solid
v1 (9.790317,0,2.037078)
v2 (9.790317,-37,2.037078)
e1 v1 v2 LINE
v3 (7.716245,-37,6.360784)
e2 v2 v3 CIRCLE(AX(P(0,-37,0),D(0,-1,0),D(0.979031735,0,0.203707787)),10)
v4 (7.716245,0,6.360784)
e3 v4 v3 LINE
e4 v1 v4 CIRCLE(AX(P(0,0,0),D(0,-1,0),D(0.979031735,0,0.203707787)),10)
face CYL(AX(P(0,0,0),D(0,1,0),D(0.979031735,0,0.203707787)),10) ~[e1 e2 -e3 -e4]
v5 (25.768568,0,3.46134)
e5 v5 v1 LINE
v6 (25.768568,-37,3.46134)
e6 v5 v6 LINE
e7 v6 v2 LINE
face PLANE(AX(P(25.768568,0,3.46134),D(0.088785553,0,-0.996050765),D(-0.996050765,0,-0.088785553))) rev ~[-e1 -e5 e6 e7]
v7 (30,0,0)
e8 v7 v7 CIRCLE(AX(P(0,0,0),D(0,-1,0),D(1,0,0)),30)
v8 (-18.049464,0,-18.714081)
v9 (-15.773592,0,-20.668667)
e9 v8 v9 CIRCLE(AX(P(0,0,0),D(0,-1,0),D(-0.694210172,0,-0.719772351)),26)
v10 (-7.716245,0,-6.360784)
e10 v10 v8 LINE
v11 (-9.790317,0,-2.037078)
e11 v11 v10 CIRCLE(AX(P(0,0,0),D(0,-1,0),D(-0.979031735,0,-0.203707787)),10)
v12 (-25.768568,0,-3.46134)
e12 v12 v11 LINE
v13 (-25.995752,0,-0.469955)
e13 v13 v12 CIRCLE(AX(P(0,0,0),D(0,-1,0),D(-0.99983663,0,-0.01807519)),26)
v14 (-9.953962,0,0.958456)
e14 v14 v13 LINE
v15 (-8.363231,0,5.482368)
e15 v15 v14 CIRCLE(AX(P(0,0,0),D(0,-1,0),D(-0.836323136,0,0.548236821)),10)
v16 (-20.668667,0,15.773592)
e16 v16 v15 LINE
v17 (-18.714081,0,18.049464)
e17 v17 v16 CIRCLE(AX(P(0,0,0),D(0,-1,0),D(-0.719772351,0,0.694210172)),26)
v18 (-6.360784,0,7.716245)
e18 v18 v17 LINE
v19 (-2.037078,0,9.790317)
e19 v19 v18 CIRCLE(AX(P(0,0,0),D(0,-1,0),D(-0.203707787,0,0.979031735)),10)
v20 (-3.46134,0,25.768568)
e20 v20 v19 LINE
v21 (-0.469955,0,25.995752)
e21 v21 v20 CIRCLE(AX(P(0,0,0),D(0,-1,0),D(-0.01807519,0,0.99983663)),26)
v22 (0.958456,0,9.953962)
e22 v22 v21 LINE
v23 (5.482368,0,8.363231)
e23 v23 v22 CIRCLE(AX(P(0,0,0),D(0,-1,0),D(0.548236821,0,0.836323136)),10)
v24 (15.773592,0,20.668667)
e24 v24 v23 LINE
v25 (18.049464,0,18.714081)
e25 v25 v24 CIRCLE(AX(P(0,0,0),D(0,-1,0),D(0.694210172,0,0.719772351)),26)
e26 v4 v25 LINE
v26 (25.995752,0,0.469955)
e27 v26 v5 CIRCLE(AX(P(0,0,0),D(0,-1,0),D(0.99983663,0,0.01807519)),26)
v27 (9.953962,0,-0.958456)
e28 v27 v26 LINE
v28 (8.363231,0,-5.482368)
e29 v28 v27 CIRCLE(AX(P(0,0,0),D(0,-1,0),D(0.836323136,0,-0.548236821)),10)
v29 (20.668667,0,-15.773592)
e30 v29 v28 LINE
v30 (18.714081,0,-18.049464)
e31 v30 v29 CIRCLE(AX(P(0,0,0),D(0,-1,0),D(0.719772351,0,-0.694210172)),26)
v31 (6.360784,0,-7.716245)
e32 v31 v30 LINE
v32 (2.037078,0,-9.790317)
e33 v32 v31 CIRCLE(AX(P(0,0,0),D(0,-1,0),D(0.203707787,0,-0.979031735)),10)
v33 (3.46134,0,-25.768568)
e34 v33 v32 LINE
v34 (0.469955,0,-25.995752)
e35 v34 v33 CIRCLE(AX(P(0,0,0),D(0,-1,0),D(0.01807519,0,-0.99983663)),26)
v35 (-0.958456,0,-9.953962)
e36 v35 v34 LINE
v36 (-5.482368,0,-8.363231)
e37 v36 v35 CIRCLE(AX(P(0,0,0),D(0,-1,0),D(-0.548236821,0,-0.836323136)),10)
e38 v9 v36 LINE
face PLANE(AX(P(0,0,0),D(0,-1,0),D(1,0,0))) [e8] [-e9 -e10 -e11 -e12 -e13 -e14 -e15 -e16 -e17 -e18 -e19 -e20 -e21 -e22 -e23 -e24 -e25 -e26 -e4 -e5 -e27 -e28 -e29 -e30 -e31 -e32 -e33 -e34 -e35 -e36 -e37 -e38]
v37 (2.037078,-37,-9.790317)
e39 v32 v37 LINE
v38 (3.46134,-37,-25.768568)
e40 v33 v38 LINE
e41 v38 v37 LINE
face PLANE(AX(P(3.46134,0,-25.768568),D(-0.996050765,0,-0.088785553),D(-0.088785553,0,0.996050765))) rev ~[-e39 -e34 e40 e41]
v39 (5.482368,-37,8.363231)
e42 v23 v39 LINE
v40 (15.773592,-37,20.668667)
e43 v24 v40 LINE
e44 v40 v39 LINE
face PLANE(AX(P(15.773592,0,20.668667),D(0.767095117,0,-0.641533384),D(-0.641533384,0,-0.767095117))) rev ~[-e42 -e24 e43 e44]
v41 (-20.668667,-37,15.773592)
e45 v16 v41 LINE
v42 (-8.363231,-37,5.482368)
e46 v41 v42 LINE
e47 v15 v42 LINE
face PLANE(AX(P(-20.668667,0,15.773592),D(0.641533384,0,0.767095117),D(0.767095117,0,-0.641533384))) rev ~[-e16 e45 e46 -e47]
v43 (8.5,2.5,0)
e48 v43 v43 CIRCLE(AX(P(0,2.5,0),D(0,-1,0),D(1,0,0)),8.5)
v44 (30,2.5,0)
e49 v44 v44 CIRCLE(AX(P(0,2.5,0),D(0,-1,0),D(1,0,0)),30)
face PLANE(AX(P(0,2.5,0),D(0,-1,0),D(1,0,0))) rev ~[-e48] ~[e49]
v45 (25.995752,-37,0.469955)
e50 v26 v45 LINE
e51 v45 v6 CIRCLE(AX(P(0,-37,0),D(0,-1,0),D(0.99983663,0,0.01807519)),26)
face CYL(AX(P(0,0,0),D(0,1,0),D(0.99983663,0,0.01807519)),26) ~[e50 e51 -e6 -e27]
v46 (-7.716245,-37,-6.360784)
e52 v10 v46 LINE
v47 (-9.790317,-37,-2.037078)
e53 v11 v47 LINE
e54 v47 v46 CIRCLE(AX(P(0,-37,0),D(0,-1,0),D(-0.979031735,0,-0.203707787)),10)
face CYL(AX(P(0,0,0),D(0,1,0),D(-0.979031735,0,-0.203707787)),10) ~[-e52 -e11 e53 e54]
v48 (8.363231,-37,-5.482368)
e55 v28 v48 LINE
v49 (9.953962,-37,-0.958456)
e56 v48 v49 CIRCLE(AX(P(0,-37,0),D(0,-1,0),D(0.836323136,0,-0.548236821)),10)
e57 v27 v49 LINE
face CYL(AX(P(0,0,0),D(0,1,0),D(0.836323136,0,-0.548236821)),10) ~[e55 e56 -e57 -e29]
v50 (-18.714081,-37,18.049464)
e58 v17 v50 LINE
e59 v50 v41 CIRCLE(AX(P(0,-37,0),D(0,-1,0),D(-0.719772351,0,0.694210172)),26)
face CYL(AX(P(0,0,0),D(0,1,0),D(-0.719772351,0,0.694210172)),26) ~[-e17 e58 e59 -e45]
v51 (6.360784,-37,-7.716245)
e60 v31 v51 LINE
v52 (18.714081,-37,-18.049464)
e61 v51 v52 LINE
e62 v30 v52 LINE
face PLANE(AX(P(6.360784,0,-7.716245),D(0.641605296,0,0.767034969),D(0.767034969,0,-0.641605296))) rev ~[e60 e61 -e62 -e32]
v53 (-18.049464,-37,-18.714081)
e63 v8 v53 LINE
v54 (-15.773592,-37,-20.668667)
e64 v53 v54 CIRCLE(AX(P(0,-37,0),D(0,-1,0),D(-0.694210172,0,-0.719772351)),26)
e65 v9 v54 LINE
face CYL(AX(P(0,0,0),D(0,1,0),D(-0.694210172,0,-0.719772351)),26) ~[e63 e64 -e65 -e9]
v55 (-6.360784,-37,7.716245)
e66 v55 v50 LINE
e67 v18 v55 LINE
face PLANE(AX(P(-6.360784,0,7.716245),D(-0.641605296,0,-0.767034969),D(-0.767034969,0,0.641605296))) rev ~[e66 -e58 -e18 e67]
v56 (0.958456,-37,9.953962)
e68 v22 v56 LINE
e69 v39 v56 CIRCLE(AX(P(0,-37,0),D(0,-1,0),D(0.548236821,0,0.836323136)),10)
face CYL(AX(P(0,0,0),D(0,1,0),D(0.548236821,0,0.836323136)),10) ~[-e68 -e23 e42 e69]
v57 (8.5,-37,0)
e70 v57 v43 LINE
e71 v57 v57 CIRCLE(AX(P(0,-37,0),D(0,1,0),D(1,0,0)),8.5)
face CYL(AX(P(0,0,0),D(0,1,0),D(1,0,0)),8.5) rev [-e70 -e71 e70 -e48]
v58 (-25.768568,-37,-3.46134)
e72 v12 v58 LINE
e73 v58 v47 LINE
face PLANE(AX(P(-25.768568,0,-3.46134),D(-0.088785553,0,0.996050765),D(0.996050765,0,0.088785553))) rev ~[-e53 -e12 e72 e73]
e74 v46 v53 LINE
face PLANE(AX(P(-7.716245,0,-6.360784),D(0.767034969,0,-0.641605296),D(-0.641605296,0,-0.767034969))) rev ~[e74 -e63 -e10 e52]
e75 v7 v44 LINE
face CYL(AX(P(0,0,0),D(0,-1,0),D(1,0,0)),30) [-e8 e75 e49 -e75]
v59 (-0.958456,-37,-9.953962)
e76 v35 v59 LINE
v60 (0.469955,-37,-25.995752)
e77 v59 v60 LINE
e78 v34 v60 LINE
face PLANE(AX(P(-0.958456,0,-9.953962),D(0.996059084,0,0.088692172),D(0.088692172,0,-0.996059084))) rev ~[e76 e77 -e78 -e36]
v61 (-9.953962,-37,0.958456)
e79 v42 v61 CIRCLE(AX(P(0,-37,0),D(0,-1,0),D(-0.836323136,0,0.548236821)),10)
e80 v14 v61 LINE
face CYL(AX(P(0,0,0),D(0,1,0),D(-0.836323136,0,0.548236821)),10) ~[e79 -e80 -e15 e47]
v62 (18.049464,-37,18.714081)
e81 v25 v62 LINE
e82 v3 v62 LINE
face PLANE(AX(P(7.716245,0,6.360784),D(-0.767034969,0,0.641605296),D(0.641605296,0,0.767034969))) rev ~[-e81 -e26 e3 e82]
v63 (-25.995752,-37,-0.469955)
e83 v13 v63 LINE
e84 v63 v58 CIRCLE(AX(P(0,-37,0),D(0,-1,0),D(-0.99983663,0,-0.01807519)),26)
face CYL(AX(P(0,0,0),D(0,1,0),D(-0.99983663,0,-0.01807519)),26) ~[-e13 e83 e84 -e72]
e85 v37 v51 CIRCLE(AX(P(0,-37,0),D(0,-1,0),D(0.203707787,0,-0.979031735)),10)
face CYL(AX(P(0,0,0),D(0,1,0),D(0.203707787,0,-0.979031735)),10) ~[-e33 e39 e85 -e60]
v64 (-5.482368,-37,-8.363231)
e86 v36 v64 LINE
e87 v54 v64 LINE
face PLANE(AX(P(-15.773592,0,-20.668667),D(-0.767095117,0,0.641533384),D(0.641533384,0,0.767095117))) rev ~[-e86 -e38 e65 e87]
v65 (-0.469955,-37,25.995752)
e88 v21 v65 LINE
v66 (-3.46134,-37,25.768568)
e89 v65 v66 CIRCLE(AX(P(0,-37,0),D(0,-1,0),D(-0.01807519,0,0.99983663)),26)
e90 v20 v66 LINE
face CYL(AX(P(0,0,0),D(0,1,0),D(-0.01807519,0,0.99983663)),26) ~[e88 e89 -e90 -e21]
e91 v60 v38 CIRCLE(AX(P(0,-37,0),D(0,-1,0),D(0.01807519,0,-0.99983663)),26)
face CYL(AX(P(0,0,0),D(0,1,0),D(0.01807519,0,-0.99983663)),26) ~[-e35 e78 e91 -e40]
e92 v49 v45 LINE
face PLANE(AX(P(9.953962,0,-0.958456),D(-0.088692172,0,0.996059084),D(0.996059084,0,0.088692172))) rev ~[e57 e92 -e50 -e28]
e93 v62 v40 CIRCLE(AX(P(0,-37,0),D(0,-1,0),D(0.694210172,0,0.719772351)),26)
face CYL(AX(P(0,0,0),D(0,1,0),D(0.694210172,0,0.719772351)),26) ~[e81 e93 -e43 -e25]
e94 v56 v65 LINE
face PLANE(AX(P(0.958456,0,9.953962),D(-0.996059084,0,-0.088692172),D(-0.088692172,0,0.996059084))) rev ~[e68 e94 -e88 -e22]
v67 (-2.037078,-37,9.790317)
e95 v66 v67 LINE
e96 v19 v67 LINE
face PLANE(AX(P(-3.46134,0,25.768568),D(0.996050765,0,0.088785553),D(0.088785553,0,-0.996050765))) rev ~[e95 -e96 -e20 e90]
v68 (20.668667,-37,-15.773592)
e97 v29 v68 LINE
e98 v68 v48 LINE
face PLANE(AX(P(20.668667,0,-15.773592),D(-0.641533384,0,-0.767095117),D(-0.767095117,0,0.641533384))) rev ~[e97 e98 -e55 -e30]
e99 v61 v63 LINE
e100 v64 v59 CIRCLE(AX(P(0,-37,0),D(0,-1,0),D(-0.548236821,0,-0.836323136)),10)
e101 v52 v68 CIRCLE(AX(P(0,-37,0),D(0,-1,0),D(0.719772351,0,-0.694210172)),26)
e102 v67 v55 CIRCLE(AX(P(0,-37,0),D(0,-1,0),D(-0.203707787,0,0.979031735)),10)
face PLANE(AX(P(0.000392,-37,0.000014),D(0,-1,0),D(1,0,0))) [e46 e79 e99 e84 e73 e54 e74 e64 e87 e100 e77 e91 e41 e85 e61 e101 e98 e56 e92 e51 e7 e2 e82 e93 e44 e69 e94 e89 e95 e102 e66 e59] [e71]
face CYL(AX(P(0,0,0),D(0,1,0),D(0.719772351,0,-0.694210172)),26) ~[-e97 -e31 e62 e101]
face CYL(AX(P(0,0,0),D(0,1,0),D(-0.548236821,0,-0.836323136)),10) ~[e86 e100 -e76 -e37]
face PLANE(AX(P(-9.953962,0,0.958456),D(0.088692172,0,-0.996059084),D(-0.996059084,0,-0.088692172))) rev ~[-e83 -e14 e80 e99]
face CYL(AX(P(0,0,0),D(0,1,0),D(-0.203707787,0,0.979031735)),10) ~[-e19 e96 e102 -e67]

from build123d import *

# Parameters (mm, degrees)
F0_R     = 30
F0_R_2   = 8.5
F1_DEPTH = 2.5
F3_DEPTH = 37
F4_DEPTH = 40


with BuildPart() as f1:
    # F0 (on Front) → F1 (new body)
    with BuildSketch(Plane.XZ):
        Circle(F0_R)
        Circle(F0_R_2, mode=Mode.SUBTRACT)
    extrude(amount=-F1_DEPTH)

    # F2 (on Front) → F3 (join)
    with BuildSketch(Plane.XZ):
        with BuildLine():
            ThreePointArc((9.9539621754, -0.9584555339), (9.9884839128, -0.4797802861), (10, 0))
            ThreePointArc((10, 0), (9.9474412154, 1.0239205366), (9.790317347, 2.0370778693))
            ThreePointArc((9.790317347, 2.0370778693), (9.0162927853, 4.3250970404), (7.7162445614, 6.3607837464))
            ThreePointArc((7.7162445614, 6.3607837464), (6.6748253827, 7.4462545021), (5.4823682108, 8.3632313612))
            ThreePointArc((5.4823682108, 8.3632313612), (3.3171763231, 9.4337872163), (0.9584555339, 9.9539621754))
            ThreePointArc((0.9584555339, 9.9539621754), (-0.5454827615, 9.9851113442), (-2.0370778693, 9.790317347))
            ThreePointArc((-2.0370778693, 9.790317347), (-4.3250970404, 9.0162927853), (-6.3607837464, 7.7162445614))
            ThreePointArc((-6.3607837464, 7.7162445614), (-7.4462545021, 6.6748253827), (-8.3632313612, 5.4823682108))
            ThreePointArc((-8.3632313612, 5.4823682108), (-9.4337872163, 3.3171763231), (-9.9539621754, 0.9584555339))
            ThreePointArc((-9.9539621754, 0.9584555339), (-9.9851113442, -0.5454827615), (-9.790317347, -2.0370778693))
            ThreePointArc((-9.790317347, -2.0370778693), (-9.0162927853, -4.3250970404), (-7.7162445614, -6.3607837464))
            ThreePointArc((-7.7162445614, -6.3607837464), (-6.6748253827, -7.4462545021), (-5.4823682108, -8.3632313612))
            ThreePointArc((-5.4823682108, -8.3632313612), (-3.3171763231, -9.4337872163), (-0.9584555339, -9.9539621754))
            ThreePointArc((-0.9584555339, -9.9539621754), (0.5454827615, -9.9851113442), (2.0370778693, -9.790317347))
            ThreePointArc((2.0370778693, -9.790317347), (4.3250970404, -9.0162927853), (6.3607837464, -7.7162445614))
            ThreePointArc((6.3607837464, -7.7162445614), (7.4462545021, -6.6748253827), (8.3632313612, -5.4823682108))
            ThreePointArc((8.3632313612, -5.4823682108), (9.4337872163, -3.3171763231), (9.9539621754, -0.9584555339))
        make_face()
        with BuildLine():
            ThreePointArc((-8.3632313612, 5.4823682108), (-7.4462545021, 6.6748253827), (-6.3607837464, 7.7162445614))
            Line((-6.3607837464, 7.7162445614), (-18.7140811189, 18.0494644761))
            ThreePointArc((-18.7140811189, 18.0494644761), (-19.7242264231, 16.9397429736), (-20.6686668466, 15.7735921965))
            Line((-20.6686668466, 15.7735921965), (-8.3632313612, 5.4823682108))
        make_face()
        with BuildLine():
            Line((-15.7735921965, -20.6686668466), (-5.4823682108, -8.3632313612))
            ThreePointArc((-5.4823682108, -8.3632313612), (-6.6748253827, -7.4462545021), (-7.7162445614, -6.3607837464))
            Line((-7.7162445614, -6.3607837464), (-18.0494644761, -18.7140811189))
            ThreePointArc((-18.0494644761, -18.7140811189), (-16.9397429736, -19.7242264231), (-15.7735921965, -20.6686668466))
        make_face()
        with BuildLine():
            Line((3.4613404795, -25.7685684912), (2.0370778693, -9.790317347))
            ThreePointArc((2.0370778693, -9.790317347), (0.5454827615, -9.9851113442), (-0.9584555339, -9.9539621754))
            Line((-0.9584555339, -9.9539621754), (0.469954935, -25.9957523907))
            ThreePointArc((0.469954935, -25.9957523907), (1.9689271292, -25.9253413856), (3.4613404795, -25.7685684912))
        make_face()
        with BuildLine():
            Line((20.6686668466, -15.7735921965), (8.3632313612, -5.4823682108))
            ThreePointArc((8.3632313612, -5.4823682108), (7.4462545021, -6.6748253827), (6.3607837464, -7.7162445614))
            Line((6.3607837464, -7.7162445614), (18.7140811189, -18.0494644761))
            ThreePointArc((18.7140811189, -18.0494644761), (19.7242264231, -16.9397429736), (20.6686668466, -15.7735921965))
        make_face()
        with BuildLine():
            ThreePointArc((9.790317347, 2.0370778693), (9.9474412154, 1.0239205366), (10, 0))
            ThreePointArc((10, 0), (9.9884839128, -0.4797802861), (9.9539621754, -0.9584555339))
            Line((9.9539621754, -0.9584555339), (25.9957523907, 0.469954935))
            ThreePointArc((25.9957523907, 0.469954935), (25.9253413856, 1.9689271292), (25.7685684912, 3.4613404795))
            Line((25.7685684912, 3.4613404795), (9.790317347, 2.0370778693))
        make_face()
        with BuildLine():
            ThreePointArc((5.4823682108, 8.3632313612), (6.6748253827, 7.4462545021), (7.7162445614, 6.3607837464))
            Line((7.7162445614, 6.3607837464), (18.0494644761, 18.7140811189))
            ThreePointArc((18.0494644761, 18.7140811189), (16.9397429736, 19.7242264231), (15.7735921965, 20.6686668466))
            Line((15.7735921965, 20.6686668466), (5.4823682108, 8.3632313612))
        make_face()
        with BuildLine():
            ThreePointArc((-2.0370778693, 9.790317347), (-0.5454827615, 9.9851113442), (0.9584555339, 9.9539621754))
            Line((0.9584555339, 9.9539621754), (-0.469954935, 25.9957523907))
            ThreePointArc((-0.469954935, 25.9957523907), (-1.9689271292, 25.9253413856), (-3.4613404795, 25.7685684912))
            Line((-3.4613404795, 25.7685684912), (-2.0370778693, 9.790317347))
        make_face()
        with BuildLine():
            ThreePointArc((-9.790317347, -2.0370778693), (-9.9851113442, -0.5454827615), (-9.9539621754, 0.9584555339))
            Line((-9.9539621754, 0.9584555339), (-25.9957523907, -0.469954935))
            ThreePointArc((-25.9957523907, -0.469954935), (-25.9253413856, -1.9689271292), (-25.7685684912, -3.4613404795))
            Line((-25.7685684912, -3.4613404795), (-9.790317347, -2.0370778693))
        make_face()
    extrude(amount=F3_DEPTH)

    # F4 (cut): a face of the model
    f4_faces = [f1.faces().sort_by_distance(p)[0] for p in [
        (0, 0, 0),
    ]]
    extrude(f4_faces, amount=-F4_DEPTH, mode=Mode.SUBTRACT)


solid = f1.part
